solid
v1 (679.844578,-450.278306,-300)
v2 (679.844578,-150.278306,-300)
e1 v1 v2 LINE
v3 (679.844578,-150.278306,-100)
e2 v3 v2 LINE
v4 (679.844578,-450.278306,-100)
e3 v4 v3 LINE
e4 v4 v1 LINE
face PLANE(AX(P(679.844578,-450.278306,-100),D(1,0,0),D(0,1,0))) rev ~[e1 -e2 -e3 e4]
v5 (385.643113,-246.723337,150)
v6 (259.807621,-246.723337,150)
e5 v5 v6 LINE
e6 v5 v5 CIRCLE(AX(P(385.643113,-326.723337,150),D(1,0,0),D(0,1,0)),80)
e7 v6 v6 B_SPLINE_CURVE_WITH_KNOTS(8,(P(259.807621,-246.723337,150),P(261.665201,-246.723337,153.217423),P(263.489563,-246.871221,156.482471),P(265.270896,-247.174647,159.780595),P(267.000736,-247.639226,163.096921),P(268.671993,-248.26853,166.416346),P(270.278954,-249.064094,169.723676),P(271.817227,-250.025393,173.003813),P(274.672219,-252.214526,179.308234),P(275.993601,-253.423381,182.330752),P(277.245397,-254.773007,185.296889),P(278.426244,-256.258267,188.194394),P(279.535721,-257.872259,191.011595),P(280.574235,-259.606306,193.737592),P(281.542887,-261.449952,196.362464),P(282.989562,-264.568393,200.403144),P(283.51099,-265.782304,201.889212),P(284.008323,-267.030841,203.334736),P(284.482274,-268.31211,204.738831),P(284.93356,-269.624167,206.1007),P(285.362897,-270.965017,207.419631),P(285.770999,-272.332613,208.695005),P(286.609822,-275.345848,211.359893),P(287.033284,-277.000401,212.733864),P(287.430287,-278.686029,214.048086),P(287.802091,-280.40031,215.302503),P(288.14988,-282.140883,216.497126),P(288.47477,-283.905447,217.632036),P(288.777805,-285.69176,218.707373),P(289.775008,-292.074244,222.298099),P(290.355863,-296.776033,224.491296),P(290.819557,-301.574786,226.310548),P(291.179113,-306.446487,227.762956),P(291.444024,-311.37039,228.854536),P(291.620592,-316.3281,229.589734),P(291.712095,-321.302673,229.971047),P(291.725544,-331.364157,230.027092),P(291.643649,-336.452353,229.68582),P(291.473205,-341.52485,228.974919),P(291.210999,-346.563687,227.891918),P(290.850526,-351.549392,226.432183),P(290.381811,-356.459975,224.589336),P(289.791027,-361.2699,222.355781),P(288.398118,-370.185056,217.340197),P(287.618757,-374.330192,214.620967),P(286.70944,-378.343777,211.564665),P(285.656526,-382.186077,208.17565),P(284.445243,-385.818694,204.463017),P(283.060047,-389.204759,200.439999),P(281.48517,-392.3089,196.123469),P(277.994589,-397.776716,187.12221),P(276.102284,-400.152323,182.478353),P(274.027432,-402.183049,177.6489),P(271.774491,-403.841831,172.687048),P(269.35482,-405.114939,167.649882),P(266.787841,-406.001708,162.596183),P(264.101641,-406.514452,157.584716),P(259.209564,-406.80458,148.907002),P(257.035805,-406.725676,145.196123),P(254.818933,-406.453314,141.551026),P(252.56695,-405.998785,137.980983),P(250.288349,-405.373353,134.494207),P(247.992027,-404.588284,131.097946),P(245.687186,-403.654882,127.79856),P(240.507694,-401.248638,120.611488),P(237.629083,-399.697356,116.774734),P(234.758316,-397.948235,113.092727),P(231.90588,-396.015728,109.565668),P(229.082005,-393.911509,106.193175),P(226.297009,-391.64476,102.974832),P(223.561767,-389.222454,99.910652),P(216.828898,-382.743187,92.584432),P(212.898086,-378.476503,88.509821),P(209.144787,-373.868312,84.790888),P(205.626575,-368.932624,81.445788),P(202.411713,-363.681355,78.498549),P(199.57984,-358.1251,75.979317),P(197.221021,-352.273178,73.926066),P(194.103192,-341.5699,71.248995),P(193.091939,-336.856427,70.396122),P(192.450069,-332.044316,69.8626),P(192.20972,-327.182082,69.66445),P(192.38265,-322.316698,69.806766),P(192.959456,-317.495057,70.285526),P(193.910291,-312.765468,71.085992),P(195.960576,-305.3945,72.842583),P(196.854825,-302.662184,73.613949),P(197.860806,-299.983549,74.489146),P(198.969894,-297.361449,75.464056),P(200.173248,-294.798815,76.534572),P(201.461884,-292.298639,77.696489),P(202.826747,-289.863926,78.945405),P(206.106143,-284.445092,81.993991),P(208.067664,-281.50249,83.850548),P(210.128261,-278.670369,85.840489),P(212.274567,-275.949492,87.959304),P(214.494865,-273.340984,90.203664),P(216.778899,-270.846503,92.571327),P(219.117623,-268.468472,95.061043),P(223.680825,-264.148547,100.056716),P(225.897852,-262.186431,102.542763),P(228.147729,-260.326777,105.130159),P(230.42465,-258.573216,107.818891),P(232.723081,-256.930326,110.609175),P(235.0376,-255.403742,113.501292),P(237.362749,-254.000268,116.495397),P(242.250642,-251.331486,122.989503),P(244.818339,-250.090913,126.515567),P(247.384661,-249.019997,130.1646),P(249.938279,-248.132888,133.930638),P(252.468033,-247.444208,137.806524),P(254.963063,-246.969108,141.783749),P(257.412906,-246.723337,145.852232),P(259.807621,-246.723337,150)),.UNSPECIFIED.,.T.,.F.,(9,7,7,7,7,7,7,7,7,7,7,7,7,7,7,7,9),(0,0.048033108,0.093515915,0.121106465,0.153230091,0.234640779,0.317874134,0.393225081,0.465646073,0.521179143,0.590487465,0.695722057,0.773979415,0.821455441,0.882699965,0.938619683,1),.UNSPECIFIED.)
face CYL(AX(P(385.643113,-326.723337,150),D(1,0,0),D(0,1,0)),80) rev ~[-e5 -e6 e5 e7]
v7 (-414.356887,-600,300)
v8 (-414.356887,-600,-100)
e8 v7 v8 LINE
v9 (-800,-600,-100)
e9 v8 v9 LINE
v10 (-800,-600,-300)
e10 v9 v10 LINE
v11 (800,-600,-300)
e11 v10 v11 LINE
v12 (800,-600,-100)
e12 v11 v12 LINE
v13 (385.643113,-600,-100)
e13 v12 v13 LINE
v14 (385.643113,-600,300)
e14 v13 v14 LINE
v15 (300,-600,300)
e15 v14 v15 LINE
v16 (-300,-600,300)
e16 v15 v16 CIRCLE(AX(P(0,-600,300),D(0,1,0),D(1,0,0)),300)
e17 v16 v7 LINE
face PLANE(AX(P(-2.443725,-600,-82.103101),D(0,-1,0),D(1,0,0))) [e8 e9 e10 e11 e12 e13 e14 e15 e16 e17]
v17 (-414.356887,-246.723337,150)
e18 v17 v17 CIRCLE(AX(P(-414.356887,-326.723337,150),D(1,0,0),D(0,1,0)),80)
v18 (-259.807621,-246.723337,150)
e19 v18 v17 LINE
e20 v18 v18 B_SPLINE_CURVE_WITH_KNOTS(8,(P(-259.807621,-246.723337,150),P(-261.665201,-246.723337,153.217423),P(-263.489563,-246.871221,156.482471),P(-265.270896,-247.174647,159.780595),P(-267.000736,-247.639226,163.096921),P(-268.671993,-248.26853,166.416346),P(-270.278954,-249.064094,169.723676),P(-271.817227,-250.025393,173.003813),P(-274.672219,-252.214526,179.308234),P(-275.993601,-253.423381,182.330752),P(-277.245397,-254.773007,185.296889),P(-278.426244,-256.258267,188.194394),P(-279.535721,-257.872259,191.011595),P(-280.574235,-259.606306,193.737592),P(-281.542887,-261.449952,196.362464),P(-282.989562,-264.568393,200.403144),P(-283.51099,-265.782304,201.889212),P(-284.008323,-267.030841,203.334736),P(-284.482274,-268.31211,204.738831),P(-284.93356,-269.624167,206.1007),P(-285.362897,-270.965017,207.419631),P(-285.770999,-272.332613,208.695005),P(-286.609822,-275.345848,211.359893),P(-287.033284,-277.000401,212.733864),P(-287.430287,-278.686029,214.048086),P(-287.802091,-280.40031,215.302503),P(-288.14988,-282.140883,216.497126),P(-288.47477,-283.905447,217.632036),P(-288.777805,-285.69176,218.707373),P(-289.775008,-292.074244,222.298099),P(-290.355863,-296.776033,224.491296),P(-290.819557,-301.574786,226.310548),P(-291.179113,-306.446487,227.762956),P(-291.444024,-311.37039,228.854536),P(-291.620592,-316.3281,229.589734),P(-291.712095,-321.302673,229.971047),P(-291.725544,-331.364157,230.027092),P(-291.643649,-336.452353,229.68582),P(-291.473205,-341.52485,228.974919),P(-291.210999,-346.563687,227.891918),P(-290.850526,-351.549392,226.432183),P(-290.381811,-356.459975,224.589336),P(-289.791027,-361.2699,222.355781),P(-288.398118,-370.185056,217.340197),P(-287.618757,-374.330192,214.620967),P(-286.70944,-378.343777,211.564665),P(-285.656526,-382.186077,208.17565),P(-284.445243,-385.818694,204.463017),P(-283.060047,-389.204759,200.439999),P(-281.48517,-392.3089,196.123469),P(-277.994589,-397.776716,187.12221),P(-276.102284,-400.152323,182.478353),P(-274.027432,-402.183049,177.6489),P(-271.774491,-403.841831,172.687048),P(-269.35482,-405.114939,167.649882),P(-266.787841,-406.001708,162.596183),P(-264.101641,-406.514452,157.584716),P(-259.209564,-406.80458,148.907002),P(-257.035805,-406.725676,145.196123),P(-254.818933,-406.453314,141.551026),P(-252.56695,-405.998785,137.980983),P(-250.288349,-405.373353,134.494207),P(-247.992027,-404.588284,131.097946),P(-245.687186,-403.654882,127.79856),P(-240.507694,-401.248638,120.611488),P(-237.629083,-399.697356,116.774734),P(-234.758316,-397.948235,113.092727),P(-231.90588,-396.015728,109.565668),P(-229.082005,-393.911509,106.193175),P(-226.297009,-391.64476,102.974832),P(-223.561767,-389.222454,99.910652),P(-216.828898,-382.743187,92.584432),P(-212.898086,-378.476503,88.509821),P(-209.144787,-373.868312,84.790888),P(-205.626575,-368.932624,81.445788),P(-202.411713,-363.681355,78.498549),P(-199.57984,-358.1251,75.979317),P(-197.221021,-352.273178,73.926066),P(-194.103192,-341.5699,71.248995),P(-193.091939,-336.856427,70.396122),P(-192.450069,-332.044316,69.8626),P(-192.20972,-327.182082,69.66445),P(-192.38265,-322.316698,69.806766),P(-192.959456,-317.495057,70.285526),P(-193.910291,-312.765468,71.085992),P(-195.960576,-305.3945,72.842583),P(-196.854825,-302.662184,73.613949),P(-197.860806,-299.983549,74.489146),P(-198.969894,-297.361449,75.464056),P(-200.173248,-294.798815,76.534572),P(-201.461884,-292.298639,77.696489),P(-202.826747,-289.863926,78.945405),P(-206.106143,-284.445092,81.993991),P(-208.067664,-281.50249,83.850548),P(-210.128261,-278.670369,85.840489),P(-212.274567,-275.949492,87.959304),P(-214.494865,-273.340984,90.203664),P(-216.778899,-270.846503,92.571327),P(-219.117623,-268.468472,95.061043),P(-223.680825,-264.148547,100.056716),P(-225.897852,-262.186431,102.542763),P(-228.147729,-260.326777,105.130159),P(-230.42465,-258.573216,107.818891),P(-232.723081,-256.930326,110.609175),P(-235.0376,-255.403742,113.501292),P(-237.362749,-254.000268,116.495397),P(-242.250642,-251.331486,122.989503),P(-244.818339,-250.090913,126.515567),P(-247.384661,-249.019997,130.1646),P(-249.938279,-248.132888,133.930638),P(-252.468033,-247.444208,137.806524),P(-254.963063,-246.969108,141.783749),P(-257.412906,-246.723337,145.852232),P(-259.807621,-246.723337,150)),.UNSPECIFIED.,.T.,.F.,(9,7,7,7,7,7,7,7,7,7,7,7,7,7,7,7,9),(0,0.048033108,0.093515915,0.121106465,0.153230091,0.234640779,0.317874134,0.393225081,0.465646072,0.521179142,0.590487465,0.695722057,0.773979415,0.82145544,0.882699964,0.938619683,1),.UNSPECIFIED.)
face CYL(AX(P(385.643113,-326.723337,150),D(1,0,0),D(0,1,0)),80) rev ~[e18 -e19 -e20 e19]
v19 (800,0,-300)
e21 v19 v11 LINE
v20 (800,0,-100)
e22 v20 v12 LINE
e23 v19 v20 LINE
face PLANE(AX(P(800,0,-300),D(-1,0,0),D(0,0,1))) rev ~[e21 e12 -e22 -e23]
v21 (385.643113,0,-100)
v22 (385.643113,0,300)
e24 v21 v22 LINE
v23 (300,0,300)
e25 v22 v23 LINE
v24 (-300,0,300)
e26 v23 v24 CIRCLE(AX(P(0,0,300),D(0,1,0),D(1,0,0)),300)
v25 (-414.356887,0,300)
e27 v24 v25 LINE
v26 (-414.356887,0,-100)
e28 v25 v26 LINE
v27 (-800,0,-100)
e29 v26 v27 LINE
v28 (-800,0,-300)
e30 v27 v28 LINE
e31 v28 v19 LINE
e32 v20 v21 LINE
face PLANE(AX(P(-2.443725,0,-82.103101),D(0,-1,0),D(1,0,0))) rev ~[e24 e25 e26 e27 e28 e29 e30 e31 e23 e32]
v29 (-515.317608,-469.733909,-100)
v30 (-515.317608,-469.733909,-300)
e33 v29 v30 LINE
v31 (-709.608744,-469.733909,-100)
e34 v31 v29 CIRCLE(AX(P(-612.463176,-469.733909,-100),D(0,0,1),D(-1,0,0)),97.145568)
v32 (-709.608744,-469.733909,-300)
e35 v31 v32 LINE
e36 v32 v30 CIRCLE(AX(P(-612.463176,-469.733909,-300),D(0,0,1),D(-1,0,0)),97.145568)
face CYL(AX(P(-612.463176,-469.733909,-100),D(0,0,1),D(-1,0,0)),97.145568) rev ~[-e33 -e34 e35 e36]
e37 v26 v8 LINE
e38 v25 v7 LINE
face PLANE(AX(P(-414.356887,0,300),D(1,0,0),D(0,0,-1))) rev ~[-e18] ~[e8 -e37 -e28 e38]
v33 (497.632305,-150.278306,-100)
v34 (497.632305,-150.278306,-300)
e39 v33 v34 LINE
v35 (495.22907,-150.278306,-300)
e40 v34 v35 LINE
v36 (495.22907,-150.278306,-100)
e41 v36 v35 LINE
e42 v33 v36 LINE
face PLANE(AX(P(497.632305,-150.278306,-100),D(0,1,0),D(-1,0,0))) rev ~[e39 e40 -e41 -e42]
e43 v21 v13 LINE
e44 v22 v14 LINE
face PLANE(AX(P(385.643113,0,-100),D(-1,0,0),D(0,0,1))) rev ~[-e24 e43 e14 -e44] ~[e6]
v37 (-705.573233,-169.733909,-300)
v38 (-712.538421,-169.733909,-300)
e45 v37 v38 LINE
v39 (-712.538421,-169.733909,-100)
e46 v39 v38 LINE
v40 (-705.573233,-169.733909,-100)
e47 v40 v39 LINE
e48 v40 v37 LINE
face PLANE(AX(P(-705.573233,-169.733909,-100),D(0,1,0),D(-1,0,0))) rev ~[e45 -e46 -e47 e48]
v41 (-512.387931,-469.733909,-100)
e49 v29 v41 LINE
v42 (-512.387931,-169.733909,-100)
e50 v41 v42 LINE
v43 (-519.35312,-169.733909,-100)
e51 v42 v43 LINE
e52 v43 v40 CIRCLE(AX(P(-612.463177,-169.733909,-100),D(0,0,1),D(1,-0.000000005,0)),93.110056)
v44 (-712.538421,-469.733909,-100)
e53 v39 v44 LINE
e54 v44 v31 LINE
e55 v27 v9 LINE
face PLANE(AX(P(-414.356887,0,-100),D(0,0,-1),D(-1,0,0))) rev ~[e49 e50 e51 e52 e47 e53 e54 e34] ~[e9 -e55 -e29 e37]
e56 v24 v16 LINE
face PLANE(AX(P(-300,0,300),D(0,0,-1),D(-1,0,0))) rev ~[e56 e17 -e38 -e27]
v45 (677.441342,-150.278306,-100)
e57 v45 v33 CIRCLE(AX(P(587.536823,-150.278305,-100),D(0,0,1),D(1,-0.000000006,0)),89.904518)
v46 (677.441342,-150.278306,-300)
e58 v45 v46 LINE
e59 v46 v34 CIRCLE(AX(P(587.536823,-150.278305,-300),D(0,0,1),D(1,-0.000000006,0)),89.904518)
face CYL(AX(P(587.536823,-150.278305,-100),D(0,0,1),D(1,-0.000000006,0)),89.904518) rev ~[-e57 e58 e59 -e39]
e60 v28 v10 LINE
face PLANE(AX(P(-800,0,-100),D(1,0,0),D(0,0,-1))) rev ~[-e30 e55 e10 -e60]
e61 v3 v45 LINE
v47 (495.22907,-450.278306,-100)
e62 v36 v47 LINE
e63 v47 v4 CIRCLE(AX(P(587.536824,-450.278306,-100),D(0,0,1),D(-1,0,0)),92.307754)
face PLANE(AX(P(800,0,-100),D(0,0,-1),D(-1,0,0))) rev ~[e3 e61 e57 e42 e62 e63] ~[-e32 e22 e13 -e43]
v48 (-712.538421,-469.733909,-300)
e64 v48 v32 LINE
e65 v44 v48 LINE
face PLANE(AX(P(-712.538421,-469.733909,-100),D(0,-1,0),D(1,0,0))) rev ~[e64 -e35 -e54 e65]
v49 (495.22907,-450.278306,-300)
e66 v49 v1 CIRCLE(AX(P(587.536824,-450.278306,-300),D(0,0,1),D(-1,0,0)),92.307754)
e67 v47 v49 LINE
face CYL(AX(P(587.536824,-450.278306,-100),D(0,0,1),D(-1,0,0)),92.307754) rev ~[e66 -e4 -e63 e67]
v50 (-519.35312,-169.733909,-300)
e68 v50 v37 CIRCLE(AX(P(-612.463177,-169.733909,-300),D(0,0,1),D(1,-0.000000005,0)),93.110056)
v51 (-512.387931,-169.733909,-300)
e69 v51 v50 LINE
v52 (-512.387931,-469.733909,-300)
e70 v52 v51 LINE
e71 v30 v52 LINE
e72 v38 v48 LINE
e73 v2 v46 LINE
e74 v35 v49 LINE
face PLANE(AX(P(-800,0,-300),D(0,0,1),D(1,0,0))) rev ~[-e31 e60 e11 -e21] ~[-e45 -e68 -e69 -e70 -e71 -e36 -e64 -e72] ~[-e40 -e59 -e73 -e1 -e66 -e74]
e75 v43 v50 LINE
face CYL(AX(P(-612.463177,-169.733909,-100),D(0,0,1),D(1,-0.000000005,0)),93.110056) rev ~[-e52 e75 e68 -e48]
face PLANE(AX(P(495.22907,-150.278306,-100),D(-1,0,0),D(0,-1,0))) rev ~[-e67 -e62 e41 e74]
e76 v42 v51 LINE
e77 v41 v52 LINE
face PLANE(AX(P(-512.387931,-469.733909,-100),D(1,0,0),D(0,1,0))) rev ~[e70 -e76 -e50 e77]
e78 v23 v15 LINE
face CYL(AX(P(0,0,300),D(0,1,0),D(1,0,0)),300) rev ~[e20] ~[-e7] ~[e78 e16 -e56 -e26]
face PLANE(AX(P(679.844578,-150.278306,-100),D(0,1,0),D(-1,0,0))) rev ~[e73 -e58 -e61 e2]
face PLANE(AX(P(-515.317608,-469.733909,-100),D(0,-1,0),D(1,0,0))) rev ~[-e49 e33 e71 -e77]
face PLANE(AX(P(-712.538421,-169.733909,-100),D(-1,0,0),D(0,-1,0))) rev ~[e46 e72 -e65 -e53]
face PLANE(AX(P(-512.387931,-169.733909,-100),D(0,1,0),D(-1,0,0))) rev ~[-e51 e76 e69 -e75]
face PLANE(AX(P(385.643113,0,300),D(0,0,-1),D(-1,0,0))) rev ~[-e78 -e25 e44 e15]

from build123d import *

# Parameters (mm, degrees)
F1_DEPTH = 600
F2_R     = 80
F3_DEPTH = 1185.644113
F6_DEPTH = 200.001


with BuildPart() as f1:
    # F0 (on Front) → F1 (new body)
    with BuildSketch(Plane.XZ):
        with BuildLine():
            Line((-800, -300), (800, -300))
            Line((800, -300), (800, -100))
            Line((800, -100), (385.643113, -100))
            Line((385.643113, -100), (385.643113, 300))
            Line((385.643113, 300), (300, 300))
            ThreePointArc((300, 300), (0, 0), (-300, 300))
            Line((-300, 300), (-414.356887, 300))
            Line((-414.356887, 300), (-414.356887, -100))
            Line((-414.356887, -100), (-800, -100))
            Line((-800, -100), (-800, -300))
        make_face()
    extrude(amount=F1_DEPTH)

    # F2 (on face) → F3 (cut, through all)
    with BuildSketch(Plane.YZ.offset(385.643113)):
        with Locations((-326.723337, 150)):
            Circle(F2_R)
    extrude(amount=-F3_DEPTH, mode=Mode.SUBTRACT)

    # F5 (on face) → F6 (cut, through all)
    with BuildSketch(Plane.XY.offset(-100)):
        with BuildLine():
            Line((679.844578, -450.278306), (679.844578, -150.278306))
            Line((679.844578, -150.278306), (677.441342, -150.278306))
            ThreePointArc((677.441342, -150.278306), (587.536824, -60.373787), (497.632305, -150.278306))
            Line((497.632305, -150.278306), (495.22907, -150.278306))
            Line((495.22907, -150.278306), (495.22907, -450.278306))
            ThreePointArc((495.22907, -450.278306), (587.536824, -542.58606), (679.844578, -450.278306))
        make_face()
        with BuildLine():
            Line((-512.387931, -469.733909), (-512.387931, -169.733909))
            Line((-512.387931, -169.733909), (-519.35312, -169.733909))
            ThreePointArc((-519.35312, -169.733909), (-612.463176, -76.623852), (-705.573233, -169.733909))
            Line((-705.573233, -169.733909), (-712.538421, -169.733909))
            Line((-712.538421, -169.733909), (-712.538421, -469.733909))
            Line((-712.538421, -469.733909), (-709.608744, -469.733909))
            ThreePointArc((-709.608744, -469.733909), (-612.463176, -566.879477), (-515.317608, -469.733909))
            Line((-515.317608, -469.733909), (-512.387931, -469.733909))
        make_face()
    extrude(amount=-F6_DEPTH, mode=Mode.SUBTRACT)


solid = f1.part
